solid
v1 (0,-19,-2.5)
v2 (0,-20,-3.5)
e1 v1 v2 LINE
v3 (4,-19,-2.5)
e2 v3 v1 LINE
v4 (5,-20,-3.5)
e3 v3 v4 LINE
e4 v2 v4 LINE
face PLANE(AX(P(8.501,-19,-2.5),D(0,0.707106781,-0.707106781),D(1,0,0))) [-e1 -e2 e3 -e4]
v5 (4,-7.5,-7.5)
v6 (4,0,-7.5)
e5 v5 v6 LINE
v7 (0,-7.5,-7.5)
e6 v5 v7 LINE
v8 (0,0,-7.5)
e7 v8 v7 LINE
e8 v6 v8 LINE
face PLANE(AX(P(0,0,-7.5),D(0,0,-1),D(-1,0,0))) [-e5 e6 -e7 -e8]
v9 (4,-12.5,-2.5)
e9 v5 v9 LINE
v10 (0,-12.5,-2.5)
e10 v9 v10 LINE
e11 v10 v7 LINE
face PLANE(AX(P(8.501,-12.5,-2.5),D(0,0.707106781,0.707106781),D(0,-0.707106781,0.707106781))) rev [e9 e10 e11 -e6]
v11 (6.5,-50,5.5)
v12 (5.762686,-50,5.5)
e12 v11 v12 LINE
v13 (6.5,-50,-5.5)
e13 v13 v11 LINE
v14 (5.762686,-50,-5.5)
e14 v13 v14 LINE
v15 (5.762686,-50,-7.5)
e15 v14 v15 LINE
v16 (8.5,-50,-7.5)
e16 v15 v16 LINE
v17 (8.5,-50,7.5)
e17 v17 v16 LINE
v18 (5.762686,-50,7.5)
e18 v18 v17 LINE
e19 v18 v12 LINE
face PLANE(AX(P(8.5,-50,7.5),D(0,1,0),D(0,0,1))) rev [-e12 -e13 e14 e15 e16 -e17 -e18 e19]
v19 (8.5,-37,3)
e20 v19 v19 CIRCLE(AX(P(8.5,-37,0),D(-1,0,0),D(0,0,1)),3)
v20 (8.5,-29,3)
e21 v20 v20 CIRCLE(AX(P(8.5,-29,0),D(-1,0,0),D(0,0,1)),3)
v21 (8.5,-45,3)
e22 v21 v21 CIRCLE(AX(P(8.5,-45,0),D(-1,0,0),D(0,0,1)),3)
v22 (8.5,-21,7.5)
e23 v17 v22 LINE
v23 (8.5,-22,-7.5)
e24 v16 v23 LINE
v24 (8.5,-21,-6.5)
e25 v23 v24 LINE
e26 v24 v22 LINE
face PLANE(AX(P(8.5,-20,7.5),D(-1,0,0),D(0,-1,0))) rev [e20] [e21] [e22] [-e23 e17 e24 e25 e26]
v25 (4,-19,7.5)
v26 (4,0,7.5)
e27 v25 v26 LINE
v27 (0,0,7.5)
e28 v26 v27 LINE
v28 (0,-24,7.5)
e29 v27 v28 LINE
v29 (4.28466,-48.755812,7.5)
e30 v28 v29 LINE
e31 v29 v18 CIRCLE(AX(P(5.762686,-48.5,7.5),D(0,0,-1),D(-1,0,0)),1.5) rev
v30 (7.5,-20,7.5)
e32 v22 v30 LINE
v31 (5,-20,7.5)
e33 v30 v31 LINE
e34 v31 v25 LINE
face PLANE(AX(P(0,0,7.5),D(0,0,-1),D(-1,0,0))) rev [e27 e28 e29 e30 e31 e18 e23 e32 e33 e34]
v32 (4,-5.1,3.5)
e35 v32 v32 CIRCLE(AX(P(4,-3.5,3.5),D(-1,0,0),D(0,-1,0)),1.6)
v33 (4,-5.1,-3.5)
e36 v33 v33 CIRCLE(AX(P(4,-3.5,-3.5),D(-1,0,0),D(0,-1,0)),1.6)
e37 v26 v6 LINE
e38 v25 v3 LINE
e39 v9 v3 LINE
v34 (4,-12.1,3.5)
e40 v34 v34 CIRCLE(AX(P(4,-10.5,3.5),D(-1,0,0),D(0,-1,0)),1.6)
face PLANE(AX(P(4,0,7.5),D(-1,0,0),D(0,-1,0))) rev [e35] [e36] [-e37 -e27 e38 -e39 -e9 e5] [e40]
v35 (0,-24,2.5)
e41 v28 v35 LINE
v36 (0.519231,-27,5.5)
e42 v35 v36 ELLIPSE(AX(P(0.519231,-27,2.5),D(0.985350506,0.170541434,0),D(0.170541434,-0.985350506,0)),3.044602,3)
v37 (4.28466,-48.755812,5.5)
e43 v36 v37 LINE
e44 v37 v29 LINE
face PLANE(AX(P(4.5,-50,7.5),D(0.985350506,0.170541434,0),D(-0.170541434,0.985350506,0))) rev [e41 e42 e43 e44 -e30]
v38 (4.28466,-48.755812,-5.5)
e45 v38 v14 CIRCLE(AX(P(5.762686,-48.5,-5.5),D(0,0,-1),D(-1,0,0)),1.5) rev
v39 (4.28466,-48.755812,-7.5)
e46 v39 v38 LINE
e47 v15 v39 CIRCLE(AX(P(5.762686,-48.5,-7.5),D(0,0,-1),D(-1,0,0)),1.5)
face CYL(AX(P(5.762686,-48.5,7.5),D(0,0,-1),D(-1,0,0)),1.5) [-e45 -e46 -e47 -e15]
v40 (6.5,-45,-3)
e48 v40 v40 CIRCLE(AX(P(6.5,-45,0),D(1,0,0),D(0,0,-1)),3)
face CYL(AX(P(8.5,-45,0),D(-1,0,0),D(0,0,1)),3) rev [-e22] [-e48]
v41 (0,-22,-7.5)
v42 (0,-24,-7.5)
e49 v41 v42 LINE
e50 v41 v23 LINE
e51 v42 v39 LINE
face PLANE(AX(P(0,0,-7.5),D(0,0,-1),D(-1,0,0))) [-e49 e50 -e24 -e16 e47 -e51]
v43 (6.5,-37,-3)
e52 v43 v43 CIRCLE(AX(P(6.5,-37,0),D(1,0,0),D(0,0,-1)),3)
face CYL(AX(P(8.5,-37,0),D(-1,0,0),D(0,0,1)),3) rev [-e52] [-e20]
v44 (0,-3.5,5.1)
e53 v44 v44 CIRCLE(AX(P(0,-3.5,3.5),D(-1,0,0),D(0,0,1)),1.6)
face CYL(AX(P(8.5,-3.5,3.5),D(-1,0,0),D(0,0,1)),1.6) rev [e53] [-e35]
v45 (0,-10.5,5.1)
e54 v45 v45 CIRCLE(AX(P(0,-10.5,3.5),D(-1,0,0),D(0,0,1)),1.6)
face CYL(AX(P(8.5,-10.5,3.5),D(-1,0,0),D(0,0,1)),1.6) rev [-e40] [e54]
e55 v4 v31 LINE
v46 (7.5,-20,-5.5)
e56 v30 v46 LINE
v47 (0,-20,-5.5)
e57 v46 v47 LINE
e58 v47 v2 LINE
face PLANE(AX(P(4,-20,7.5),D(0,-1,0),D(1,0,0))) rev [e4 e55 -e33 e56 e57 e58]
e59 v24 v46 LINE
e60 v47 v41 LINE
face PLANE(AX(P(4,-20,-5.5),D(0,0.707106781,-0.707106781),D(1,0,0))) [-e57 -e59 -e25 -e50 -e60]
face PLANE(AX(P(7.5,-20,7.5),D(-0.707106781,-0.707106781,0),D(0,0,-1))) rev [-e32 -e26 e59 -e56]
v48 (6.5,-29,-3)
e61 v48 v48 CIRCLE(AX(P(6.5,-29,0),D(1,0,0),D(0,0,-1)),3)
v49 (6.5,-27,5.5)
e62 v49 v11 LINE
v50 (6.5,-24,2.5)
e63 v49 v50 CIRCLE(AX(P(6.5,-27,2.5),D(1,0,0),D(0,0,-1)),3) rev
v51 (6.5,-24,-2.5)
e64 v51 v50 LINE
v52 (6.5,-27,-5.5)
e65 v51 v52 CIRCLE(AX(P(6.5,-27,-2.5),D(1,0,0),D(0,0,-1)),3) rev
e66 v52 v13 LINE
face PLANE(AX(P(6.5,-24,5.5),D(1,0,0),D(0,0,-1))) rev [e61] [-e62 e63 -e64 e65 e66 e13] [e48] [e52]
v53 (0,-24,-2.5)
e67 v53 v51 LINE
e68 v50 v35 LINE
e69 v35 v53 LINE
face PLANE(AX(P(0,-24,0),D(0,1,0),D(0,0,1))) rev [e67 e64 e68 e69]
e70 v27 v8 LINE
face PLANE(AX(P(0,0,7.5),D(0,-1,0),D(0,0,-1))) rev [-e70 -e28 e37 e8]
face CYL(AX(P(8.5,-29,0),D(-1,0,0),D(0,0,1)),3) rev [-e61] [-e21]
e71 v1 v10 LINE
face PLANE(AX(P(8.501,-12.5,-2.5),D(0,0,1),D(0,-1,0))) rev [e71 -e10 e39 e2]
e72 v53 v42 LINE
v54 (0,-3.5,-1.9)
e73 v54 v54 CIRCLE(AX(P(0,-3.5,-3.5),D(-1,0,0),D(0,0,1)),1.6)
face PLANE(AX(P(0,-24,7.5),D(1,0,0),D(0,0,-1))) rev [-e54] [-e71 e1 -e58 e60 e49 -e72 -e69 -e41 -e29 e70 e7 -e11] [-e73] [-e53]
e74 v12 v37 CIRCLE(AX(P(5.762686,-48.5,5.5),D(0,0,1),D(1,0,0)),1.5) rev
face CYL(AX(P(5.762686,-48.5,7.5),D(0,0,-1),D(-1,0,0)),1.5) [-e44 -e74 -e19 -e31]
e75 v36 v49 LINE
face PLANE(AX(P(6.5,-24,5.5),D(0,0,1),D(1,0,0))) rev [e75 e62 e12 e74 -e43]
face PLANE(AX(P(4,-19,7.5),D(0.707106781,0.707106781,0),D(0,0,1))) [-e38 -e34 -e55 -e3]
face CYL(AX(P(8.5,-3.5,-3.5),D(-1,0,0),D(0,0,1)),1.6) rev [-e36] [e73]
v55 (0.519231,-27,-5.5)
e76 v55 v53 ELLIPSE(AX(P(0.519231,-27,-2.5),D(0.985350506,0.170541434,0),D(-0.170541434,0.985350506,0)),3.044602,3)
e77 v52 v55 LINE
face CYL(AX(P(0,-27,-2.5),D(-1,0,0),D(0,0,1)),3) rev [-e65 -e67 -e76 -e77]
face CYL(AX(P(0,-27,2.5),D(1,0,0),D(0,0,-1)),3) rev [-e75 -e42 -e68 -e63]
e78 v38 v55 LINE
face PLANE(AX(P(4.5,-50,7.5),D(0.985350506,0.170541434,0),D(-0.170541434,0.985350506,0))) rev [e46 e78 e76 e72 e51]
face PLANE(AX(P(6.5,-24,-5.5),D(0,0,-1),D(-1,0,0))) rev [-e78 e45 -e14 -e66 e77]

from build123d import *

# Parameters (mm, degrees)
DODANIE_WYCI_GNI_CIE1_DEPTH = 7.5
SZKIC2_W                    = 6.5
SZKIC2_H                    = 11
WYTNIJ_WYCI_GNI_CIE1_DEPTH  = 26
WYTNIJ_WYCI_GNI_CIE2_REACH  = 53.269
SZKIC4_R                    = 1.6
SZKIC4_R_2                  = 3
WYTNIJ_WYCI_GNI_CIE3_DEPTH  = 52.268898954
ZAOKR_GLENIE1_R             = 3
ZAOKR_GLENIE2_R             = 1.5
SFAZOWANIE2_SIZE            = 1
SFAZOWANIE3_SIZE            = 2


with BuildPart() as part:
    # Szkic1 → Dodanie-wyciągnięcie1 (new, symmetric)
    with BuildSketch(Plane.XY):
        Polygon((0, 0), (4, 0), (4, -20), (8.5, -20), (8.5, -50), (4.5, -50), (0, -24), align=None)
    extrude(amount=DODANIE_WYCI_GNI_CIE1_DEPTH, both=True)

    # Szkic2 → Wytnij-wyciągnięcie1 (cut)
    with BuildSketch(Plane.XZ.offset(50)):
        with Locations((3.25, 0)):
            Rectangle(SZKIC2_W, SZKIC2_H)
    extrude(amount=-WYTNIJ_WYCI_GNI_CIE1_DEPTH, mode=Mode.SUBTRACT)

    # Szkic3 → Wytnij-wyciągnięcie2 (cut, up to next)
    with BuildSketch(Plane.ZY, mode=Mode.PRIVATE) as wytnij_wyci_gni_cie2_sk1:
        Polygon((-7.5, -7.5), (-7.5, -20), (-2.5, -20), (-2.5, -12.5), align=None)
    wytnij_wyci_gni_cie2_tool1 = extrude(wytnij_wyci_gni_cie2_sk1.sketch, amount=-WYTNIJ_WYCI_GNI_CIE2_REACH, mode=Mode.PRIVATE) & part.part
    add(wytnij_wyci_gni_cie2_tool1.solids().sort_by_distance((0, -14.895833, -5.208333))[0], mode=Mode.SUBTRACT)

    # Szkic4 → Wytnij-wyciągnięcie3 (cut, through all)
    with BuildSketch(Plane.ZY):
        with Locations((-3.5, -3.5)):
            Circle(SZKIC4_R)
        with Locations((3.5, -3.5)):
            Circle(SZKIC4_R)
        with Locations((0, -29)):
            Circle(SZKIC4_R_2)
        with Locations((0, -37)):
            Circle(SZKIC4_R_2)
        with Locations((0, -45)):
            Circle(SZKIC4_R_2)
        with Locations((3.5, -10.5)):
            Circle(SZKIC4_R)
    extrude(amount=-WYTNIJ_WYCI_GNI_CIE3_DEPTH, mode=Mode.SUBTRACT)

    # Zaokrąglenie1
    zaokr_glenie1_edges = [part.edges().sort_by_distance(p)[0] for p in [
        (3.25, -24, -5.5),
        (3.25, -24, 5.5),
    ]]
    fillet(zaokr_glenie1_edges, radius=ZAOKR_GLENIE1_R)

    # Zaokrąglenie2
    zaokr_glenie2_edges = [part.edges().sort_by_distance(p)[0] for p in [
        (4.5, -50, 6.5),
        (4.5, -50, -6.5),
    ]]
    fillet(zaokr_glenie2_edges, radius=ZAOKR_GLENIE2_R)

    # Sfazowanie2
    sfazowanie2_edges = [part.edges().sort_by_distance(p)[0] for p in [
        (4, -20, 2.5),
        (8.5, -20, 0),
        (2, -20, -2.5),
    ]]
    chamfer(sfazowanie2_edges, length=SFAZOWANIE2_SIZE)

    # Sfazowanie3
    sfazowanie3_edges = [part.edges().sort_by_distance(p)[0] for p in [
        (3.75, -20, -7.5),
    ]]
    chamfer(sfazowanie3_edges, length=SFAZOWANIE3_SIZE)


solid = part.part
